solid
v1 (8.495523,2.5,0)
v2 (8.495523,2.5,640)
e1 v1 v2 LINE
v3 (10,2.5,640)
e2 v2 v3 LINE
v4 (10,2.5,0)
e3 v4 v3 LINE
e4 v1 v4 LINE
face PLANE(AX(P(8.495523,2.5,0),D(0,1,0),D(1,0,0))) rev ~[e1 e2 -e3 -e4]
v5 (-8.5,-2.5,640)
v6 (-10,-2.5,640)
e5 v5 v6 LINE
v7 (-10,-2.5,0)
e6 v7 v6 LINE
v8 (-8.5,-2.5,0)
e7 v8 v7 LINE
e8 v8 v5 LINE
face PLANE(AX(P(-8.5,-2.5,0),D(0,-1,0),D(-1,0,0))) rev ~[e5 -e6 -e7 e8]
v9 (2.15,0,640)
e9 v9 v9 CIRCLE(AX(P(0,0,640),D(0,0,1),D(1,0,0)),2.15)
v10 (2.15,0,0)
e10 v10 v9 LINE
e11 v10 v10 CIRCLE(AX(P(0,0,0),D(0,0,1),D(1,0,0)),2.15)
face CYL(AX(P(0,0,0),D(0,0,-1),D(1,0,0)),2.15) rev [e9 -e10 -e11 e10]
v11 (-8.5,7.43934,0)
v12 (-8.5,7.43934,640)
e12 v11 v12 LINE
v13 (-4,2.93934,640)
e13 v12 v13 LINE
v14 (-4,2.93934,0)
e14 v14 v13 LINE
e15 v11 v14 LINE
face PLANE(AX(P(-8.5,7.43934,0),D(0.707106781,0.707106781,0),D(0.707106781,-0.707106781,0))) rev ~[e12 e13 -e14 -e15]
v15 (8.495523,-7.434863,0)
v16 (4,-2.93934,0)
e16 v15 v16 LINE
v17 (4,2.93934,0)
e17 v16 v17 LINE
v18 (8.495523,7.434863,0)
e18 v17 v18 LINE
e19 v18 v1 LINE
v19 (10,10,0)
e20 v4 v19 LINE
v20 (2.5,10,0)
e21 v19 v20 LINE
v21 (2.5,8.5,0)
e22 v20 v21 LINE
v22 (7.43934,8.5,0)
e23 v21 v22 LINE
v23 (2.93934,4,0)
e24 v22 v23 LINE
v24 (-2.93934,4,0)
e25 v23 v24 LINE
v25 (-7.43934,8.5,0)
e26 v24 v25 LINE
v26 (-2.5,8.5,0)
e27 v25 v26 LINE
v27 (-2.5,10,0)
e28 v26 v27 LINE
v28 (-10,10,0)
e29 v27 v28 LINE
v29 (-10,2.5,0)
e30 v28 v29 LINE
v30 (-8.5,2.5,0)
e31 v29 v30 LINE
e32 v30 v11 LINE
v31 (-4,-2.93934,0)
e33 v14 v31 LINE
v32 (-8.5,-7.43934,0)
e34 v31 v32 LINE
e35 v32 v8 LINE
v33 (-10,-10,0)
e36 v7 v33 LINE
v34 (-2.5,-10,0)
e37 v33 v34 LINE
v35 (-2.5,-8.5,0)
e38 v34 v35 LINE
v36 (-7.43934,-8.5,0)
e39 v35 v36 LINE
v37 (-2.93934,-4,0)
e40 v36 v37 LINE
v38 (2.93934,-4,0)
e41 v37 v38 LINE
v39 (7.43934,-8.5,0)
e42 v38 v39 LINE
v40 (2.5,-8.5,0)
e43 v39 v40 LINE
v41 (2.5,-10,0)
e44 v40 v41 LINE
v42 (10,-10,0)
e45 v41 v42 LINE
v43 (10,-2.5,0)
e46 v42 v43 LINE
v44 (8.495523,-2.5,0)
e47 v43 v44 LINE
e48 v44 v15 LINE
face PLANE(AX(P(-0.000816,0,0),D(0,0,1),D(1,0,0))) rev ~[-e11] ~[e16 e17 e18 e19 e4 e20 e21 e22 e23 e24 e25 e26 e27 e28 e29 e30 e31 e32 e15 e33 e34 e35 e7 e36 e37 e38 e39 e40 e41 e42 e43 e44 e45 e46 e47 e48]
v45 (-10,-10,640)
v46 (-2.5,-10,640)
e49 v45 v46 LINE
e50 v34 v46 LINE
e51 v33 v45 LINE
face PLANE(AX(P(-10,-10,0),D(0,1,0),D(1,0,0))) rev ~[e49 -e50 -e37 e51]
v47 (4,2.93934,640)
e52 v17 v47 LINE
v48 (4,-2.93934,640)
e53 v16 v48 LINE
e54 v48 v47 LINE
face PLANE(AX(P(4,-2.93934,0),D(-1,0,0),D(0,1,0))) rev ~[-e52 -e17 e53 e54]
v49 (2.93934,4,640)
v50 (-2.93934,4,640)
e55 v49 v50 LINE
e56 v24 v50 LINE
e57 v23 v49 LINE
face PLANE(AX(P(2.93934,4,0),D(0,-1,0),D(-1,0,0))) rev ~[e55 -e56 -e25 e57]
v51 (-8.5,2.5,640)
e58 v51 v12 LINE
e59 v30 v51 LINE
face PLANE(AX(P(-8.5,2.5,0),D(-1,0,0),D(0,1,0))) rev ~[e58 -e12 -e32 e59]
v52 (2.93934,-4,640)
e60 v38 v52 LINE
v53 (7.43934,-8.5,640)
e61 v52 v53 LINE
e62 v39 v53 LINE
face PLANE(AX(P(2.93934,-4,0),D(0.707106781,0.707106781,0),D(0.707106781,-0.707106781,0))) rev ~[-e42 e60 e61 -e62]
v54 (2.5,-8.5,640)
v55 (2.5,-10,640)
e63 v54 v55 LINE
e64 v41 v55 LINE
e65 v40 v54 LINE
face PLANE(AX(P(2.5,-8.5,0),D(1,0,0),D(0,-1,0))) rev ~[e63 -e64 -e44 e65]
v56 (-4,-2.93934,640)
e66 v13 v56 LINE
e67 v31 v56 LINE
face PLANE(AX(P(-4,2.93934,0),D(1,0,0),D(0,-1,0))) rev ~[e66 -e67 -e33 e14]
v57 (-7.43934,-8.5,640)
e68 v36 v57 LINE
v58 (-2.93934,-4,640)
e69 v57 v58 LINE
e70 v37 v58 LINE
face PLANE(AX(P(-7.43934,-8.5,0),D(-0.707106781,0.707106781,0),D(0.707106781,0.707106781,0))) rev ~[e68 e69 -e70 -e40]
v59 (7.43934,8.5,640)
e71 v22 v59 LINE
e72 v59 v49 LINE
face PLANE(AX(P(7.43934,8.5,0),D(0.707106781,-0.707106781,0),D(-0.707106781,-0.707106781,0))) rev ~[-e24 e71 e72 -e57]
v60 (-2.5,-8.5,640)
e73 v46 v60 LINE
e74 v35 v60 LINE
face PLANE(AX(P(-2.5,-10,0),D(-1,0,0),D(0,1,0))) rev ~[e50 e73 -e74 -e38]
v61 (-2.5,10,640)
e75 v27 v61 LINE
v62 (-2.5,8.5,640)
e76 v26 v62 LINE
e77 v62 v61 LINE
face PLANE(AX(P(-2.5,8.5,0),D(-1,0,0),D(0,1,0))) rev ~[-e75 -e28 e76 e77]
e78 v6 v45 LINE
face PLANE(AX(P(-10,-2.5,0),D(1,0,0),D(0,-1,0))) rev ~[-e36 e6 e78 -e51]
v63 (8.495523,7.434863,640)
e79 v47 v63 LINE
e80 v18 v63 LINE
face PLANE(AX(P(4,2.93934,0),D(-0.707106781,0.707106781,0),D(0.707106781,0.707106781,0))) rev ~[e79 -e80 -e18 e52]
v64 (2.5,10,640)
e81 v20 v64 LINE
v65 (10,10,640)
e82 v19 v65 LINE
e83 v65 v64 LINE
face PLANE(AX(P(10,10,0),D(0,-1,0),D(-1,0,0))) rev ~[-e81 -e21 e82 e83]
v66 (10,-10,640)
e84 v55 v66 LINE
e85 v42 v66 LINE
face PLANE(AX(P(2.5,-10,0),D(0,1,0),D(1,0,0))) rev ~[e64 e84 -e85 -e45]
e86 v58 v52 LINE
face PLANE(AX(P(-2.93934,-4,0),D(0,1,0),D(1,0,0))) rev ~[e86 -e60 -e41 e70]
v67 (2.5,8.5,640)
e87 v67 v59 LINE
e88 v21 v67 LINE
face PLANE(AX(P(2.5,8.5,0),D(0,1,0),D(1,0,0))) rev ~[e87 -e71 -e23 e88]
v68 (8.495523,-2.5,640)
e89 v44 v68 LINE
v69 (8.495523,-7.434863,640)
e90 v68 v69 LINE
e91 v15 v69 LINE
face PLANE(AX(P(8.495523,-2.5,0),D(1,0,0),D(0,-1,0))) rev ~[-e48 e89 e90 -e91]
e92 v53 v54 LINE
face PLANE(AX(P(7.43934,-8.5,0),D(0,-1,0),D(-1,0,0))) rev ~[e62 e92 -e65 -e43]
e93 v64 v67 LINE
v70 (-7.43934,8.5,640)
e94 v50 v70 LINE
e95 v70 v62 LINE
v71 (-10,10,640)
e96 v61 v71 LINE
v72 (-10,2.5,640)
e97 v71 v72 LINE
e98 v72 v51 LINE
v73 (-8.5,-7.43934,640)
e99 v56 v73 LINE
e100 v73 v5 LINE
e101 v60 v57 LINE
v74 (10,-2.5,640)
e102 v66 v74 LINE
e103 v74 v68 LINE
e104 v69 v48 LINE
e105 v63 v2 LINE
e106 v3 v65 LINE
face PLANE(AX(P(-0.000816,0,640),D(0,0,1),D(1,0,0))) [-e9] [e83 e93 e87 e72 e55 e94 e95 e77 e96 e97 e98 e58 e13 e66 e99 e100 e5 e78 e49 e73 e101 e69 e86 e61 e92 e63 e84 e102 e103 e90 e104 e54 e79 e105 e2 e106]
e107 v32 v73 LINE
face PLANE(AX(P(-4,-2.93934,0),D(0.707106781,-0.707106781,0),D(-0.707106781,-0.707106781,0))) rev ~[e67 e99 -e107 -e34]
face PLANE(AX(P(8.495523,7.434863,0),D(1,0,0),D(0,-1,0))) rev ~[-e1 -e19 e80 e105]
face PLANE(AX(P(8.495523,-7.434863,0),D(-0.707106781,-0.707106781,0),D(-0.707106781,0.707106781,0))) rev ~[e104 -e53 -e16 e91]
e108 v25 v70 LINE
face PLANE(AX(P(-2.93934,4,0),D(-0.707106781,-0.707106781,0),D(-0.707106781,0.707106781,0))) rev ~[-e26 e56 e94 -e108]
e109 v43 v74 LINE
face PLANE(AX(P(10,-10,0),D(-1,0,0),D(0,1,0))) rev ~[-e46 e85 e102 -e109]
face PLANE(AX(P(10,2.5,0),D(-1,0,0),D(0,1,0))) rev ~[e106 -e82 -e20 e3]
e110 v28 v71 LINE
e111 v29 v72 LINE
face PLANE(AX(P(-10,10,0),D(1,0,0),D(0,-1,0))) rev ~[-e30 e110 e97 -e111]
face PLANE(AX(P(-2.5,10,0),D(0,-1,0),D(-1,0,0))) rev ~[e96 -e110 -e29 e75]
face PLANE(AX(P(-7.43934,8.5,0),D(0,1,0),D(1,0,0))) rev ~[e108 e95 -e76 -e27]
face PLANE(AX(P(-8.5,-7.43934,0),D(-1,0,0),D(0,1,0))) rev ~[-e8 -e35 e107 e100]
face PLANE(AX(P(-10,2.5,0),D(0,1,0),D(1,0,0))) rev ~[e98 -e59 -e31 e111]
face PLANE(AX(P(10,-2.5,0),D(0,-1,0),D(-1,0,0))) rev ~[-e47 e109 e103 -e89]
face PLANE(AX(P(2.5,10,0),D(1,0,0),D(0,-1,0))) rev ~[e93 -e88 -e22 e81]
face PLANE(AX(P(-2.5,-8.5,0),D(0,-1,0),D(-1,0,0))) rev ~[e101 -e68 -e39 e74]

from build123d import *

# Parameters (mm, degrees)
SKIZZE2_R                       = 2.15
AUFSATZ_LINEAR_AUSTRAGEN1_DEPTH = 640


with BuildPart() as part:
    # Skizze2 → Aufsatz-Linear austragen1 (new body)
    with BuildSketch(Plane.XY):
        Polygon((-10, -2.5), (-10, -10), (-2.5, -10), (-2.5, -8.5), (-7.439339828, -8.5), (-2.939339828, -4), (2.939339828, -4), (7.439339828, -8.5), (2.5, -8.5), (2.5, -10), (10, -10), (10, -2.5), (8.495523259, -2.5), (8.495523259, -7.434863087), (4, -2.939339828), (4, 2.939339828), (8.495523259, 7.434863087), (8.495523259, 2.5), (10, 2.5), (10, 10), (2.5, 10), (2.5, 8.5), (7.439339828, 8.5), (2.939339828, 4), (-2.939339828, 4), (-7.439339828, 8.5), (-2.5, 8.5), (-2.5, 10), (-10, 10), (-10, 2.5), (-8.5, 2.5), (-8.5, 7.439339828), (-4, 2.939339828), (-4, -2.939339828), (-8.5, -7.439339828), (-8.5, -2.5), align=None)
        Circle(SKIZZE2_R, mode=Mode.SUBTRACT)
    extrude(amount=AUFSATZ_LINEAR_AUSTRAGEN1_DEPTH)


solid = part.part
